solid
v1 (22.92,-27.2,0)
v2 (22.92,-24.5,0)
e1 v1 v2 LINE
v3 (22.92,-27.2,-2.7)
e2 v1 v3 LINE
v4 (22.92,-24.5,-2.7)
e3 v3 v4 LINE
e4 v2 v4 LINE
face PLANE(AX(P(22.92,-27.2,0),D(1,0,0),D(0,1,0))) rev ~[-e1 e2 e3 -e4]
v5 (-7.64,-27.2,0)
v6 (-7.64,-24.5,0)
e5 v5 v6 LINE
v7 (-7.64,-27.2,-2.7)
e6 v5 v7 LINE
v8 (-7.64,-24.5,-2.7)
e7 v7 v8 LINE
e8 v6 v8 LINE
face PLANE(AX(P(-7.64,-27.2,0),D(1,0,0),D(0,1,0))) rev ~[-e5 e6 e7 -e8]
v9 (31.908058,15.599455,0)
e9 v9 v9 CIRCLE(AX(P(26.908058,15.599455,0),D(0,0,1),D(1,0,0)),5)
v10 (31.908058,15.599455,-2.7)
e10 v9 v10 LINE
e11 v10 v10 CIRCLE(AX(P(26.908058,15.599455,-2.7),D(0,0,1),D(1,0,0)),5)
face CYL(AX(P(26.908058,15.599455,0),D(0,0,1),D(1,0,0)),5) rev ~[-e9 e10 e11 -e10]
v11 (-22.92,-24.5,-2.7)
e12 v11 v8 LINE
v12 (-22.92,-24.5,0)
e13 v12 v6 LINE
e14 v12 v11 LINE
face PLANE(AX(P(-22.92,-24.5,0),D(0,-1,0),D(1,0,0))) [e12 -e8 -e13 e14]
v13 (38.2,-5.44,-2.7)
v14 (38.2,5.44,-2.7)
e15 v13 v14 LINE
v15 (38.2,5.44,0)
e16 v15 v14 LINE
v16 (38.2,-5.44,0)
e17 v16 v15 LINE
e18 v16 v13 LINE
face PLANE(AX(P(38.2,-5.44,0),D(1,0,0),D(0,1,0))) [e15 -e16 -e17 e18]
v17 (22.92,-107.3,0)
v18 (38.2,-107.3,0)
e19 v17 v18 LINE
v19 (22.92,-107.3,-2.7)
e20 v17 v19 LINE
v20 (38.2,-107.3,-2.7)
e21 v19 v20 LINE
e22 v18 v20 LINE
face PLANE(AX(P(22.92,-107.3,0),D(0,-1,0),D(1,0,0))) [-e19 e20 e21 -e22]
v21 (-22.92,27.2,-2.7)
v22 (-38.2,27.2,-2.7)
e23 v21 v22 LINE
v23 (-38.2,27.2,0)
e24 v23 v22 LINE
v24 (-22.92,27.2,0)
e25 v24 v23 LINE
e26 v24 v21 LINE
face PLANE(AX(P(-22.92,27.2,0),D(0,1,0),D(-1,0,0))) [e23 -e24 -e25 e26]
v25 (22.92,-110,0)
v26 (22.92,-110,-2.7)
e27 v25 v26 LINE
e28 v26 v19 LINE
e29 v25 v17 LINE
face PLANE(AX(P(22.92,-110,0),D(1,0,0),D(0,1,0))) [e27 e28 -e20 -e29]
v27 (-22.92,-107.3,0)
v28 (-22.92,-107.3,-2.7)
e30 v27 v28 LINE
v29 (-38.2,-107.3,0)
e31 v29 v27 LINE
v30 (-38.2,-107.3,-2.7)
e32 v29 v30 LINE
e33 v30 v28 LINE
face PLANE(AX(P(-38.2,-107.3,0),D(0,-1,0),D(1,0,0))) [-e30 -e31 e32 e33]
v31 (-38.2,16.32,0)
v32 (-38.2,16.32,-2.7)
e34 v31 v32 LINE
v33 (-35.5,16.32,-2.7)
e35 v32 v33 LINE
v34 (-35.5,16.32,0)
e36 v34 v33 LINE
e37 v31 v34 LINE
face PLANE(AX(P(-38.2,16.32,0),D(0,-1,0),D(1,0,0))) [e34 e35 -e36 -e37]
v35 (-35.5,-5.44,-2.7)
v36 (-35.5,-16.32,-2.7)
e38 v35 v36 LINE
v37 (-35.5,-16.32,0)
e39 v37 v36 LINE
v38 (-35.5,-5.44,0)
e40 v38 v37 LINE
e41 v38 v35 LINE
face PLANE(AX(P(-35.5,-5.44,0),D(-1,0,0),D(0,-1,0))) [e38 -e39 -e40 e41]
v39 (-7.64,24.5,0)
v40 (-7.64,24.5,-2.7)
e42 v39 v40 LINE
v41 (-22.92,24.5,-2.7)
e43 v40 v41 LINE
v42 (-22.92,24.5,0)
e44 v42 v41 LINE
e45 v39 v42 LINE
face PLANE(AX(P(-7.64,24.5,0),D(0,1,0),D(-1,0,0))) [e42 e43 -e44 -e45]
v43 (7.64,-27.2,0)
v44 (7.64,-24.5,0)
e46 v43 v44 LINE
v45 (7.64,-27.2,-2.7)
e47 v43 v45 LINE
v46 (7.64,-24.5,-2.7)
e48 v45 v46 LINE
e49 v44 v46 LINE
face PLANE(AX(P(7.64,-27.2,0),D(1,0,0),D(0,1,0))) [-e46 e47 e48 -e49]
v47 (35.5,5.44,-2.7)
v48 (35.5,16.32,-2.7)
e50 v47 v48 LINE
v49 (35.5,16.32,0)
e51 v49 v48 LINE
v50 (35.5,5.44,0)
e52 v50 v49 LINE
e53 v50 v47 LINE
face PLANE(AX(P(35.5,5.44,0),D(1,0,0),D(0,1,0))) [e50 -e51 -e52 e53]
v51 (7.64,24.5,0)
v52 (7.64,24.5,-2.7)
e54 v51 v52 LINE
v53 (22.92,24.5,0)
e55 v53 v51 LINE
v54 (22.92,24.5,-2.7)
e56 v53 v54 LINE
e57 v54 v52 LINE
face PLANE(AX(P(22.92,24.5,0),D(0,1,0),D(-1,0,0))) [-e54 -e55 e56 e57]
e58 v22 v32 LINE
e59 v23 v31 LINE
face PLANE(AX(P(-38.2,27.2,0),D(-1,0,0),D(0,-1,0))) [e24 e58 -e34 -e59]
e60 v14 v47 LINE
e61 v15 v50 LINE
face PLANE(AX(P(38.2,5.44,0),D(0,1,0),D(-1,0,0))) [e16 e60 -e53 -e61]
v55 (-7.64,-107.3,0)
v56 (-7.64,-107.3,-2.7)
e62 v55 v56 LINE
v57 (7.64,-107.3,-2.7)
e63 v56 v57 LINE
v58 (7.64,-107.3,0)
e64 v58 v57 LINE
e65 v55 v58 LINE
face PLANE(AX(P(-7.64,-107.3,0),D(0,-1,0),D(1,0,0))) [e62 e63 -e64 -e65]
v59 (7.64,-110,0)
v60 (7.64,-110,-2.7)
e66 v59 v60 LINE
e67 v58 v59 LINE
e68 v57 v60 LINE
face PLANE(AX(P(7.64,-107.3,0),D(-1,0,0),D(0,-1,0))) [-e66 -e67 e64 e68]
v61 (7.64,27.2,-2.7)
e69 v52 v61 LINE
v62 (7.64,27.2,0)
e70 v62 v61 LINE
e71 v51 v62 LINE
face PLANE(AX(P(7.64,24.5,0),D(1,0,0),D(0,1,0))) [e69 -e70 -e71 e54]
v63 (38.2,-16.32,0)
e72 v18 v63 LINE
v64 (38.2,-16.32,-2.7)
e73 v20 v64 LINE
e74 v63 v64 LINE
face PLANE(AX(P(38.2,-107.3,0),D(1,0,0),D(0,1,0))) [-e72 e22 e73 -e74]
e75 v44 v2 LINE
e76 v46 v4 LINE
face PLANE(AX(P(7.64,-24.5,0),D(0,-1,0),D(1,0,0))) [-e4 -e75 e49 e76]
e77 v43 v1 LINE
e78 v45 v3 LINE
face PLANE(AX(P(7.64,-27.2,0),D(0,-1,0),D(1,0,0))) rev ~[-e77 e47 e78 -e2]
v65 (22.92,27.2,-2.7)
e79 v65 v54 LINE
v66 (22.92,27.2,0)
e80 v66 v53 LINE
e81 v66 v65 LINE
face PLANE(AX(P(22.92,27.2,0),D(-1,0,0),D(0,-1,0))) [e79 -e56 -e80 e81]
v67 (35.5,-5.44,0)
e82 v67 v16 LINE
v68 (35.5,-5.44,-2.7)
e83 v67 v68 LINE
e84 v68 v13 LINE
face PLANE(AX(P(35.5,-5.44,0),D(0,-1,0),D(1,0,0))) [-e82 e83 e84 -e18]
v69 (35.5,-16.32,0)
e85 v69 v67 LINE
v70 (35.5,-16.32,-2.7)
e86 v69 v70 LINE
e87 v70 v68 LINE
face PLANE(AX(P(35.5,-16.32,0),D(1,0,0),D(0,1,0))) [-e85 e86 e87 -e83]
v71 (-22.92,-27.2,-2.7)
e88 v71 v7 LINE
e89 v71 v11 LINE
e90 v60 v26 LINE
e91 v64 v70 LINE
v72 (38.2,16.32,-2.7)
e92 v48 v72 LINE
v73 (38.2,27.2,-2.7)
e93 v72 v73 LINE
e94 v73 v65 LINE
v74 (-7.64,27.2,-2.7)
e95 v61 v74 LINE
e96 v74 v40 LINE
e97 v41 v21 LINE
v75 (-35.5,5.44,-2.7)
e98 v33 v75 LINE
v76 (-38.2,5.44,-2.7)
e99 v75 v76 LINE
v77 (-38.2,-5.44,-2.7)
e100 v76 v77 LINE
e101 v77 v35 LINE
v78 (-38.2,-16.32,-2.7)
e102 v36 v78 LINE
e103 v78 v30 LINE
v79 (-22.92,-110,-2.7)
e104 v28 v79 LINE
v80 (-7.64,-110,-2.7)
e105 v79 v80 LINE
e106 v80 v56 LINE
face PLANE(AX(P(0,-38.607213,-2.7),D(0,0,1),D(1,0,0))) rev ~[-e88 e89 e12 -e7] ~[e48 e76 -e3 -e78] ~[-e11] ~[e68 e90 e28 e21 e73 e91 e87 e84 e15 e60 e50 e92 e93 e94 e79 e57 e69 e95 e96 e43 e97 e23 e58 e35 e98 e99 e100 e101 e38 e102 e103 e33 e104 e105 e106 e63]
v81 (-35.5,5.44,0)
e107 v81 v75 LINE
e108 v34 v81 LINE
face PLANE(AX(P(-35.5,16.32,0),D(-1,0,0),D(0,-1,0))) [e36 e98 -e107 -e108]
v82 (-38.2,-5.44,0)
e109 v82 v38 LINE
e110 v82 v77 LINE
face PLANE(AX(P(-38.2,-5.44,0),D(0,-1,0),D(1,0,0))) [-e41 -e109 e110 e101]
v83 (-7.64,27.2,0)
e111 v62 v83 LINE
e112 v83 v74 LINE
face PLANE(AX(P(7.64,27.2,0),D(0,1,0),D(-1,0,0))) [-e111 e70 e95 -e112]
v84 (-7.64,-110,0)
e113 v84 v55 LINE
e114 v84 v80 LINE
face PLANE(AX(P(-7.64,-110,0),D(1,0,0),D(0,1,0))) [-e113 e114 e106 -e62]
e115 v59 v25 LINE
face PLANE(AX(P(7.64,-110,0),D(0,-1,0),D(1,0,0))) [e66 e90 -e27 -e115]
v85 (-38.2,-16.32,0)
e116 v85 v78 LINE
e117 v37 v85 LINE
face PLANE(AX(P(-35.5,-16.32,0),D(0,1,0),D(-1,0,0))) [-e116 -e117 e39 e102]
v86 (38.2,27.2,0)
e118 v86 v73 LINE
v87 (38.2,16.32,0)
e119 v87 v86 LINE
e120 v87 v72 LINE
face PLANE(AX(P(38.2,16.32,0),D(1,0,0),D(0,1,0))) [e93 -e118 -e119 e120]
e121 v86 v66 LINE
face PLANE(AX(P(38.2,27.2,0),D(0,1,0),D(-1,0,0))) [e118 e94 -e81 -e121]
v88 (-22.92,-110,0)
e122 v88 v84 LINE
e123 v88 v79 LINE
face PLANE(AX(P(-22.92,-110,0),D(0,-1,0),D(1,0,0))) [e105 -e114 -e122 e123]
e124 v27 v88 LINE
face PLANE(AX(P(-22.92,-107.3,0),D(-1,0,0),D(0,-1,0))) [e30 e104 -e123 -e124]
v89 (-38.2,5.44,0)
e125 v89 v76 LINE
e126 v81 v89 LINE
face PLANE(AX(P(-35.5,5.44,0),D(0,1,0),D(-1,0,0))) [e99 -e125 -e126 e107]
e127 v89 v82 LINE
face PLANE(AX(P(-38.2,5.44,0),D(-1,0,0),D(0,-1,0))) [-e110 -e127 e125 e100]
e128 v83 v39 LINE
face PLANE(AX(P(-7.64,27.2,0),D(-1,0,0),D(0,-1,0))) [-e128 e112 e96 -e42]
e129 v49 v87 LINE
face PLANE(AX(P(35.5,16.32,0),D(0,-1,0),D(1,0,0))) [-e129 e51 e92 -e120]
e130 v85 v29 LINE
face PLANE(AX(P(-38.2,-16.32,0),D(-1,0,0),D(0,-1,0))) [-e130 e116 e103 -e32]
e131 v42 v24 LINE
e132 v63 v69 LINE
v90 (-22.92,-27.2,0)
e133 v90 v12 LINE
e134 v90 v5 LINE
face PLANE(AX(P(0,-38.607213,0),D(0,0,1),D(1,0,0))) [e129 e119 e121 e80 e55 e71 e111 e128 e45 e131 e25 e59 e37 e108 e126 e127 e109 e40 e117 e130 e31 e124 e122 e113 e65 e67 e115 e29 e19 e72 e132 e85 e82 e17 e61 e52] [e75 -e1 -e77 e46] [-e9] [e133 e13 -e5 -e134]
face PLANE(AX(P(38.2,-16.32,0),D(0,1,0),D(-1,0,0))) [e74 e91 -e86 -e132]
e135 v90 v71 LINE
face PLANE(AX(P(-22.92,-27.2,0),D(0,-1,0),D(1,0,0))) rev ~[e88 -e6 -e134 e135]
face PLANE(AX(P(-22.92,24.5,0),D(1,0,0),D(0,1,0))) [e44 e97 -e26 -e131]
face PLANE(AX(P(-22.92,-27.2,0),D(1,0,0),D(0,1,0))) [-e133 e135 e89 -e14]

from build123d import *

# Parameters (mm, degrees)
SKETCH1_R           = 5
SKETCH1_W           = 15.28
SKETCH1_H           = 2.7
BOSS_EXTRUDE1_DEPTH = 2.7


with BuildPart() as part:
    # Sketch1 → Boss-Extrude1 (new body)
    with BuildSketch(Plane.XY):
        Polygon((38.2, 27.2), (22.92, 27.2), (22.92, 24.5), (7.64, 24.5), (7.64, 27.2), (-7.64, 27.2), (-7.64, 24.5), (-22.92, 24.5), (-22.92, 27.2), (-38.2, 27.2), (-38.2, 16.32), (-35.5, 16.32), (-35.5, 5.44), (-38.2, 5.44), (-38.2, -5.44), (-35.5, -5.44), (-35.5, -16.32), (-38.2, -16.32), (-38.2, -107.3), (-22.92, -107.3), (-22.92, -110), (-7.64, -110), (-7.64, -107.3), (7.64, -107.3), (7.64, -110), (22.92, -110), (22.92, -107.3), (38.2, -107.3), (38.2, -16.32), (35.5, -16.32), (35.5, -5.44), (38.2, -5.44), (38.2, 5.44), (35.5, 5.44), (35.5, 16.32), (38.2, 16.32), align=None)
        with Locations((26.908058417, 15.599455208)):
            Circle(SKETCH1_R, mode=Mode.SUBTRACT)
        with Locations((-15.28, -25.85)):
            Rectangle(SKETCH1_W, SKETCH1_H, mode=Mode.SUBTRACT)
        with Locations((15.28, -25.85)):
            Rectangle(SKETCH1_W, SKETCH1_H, mode=Mode.SUBTRACT)
    extrude(amount=-BOSS_EXTRUDE1_DEPTH)


solid = part.part
